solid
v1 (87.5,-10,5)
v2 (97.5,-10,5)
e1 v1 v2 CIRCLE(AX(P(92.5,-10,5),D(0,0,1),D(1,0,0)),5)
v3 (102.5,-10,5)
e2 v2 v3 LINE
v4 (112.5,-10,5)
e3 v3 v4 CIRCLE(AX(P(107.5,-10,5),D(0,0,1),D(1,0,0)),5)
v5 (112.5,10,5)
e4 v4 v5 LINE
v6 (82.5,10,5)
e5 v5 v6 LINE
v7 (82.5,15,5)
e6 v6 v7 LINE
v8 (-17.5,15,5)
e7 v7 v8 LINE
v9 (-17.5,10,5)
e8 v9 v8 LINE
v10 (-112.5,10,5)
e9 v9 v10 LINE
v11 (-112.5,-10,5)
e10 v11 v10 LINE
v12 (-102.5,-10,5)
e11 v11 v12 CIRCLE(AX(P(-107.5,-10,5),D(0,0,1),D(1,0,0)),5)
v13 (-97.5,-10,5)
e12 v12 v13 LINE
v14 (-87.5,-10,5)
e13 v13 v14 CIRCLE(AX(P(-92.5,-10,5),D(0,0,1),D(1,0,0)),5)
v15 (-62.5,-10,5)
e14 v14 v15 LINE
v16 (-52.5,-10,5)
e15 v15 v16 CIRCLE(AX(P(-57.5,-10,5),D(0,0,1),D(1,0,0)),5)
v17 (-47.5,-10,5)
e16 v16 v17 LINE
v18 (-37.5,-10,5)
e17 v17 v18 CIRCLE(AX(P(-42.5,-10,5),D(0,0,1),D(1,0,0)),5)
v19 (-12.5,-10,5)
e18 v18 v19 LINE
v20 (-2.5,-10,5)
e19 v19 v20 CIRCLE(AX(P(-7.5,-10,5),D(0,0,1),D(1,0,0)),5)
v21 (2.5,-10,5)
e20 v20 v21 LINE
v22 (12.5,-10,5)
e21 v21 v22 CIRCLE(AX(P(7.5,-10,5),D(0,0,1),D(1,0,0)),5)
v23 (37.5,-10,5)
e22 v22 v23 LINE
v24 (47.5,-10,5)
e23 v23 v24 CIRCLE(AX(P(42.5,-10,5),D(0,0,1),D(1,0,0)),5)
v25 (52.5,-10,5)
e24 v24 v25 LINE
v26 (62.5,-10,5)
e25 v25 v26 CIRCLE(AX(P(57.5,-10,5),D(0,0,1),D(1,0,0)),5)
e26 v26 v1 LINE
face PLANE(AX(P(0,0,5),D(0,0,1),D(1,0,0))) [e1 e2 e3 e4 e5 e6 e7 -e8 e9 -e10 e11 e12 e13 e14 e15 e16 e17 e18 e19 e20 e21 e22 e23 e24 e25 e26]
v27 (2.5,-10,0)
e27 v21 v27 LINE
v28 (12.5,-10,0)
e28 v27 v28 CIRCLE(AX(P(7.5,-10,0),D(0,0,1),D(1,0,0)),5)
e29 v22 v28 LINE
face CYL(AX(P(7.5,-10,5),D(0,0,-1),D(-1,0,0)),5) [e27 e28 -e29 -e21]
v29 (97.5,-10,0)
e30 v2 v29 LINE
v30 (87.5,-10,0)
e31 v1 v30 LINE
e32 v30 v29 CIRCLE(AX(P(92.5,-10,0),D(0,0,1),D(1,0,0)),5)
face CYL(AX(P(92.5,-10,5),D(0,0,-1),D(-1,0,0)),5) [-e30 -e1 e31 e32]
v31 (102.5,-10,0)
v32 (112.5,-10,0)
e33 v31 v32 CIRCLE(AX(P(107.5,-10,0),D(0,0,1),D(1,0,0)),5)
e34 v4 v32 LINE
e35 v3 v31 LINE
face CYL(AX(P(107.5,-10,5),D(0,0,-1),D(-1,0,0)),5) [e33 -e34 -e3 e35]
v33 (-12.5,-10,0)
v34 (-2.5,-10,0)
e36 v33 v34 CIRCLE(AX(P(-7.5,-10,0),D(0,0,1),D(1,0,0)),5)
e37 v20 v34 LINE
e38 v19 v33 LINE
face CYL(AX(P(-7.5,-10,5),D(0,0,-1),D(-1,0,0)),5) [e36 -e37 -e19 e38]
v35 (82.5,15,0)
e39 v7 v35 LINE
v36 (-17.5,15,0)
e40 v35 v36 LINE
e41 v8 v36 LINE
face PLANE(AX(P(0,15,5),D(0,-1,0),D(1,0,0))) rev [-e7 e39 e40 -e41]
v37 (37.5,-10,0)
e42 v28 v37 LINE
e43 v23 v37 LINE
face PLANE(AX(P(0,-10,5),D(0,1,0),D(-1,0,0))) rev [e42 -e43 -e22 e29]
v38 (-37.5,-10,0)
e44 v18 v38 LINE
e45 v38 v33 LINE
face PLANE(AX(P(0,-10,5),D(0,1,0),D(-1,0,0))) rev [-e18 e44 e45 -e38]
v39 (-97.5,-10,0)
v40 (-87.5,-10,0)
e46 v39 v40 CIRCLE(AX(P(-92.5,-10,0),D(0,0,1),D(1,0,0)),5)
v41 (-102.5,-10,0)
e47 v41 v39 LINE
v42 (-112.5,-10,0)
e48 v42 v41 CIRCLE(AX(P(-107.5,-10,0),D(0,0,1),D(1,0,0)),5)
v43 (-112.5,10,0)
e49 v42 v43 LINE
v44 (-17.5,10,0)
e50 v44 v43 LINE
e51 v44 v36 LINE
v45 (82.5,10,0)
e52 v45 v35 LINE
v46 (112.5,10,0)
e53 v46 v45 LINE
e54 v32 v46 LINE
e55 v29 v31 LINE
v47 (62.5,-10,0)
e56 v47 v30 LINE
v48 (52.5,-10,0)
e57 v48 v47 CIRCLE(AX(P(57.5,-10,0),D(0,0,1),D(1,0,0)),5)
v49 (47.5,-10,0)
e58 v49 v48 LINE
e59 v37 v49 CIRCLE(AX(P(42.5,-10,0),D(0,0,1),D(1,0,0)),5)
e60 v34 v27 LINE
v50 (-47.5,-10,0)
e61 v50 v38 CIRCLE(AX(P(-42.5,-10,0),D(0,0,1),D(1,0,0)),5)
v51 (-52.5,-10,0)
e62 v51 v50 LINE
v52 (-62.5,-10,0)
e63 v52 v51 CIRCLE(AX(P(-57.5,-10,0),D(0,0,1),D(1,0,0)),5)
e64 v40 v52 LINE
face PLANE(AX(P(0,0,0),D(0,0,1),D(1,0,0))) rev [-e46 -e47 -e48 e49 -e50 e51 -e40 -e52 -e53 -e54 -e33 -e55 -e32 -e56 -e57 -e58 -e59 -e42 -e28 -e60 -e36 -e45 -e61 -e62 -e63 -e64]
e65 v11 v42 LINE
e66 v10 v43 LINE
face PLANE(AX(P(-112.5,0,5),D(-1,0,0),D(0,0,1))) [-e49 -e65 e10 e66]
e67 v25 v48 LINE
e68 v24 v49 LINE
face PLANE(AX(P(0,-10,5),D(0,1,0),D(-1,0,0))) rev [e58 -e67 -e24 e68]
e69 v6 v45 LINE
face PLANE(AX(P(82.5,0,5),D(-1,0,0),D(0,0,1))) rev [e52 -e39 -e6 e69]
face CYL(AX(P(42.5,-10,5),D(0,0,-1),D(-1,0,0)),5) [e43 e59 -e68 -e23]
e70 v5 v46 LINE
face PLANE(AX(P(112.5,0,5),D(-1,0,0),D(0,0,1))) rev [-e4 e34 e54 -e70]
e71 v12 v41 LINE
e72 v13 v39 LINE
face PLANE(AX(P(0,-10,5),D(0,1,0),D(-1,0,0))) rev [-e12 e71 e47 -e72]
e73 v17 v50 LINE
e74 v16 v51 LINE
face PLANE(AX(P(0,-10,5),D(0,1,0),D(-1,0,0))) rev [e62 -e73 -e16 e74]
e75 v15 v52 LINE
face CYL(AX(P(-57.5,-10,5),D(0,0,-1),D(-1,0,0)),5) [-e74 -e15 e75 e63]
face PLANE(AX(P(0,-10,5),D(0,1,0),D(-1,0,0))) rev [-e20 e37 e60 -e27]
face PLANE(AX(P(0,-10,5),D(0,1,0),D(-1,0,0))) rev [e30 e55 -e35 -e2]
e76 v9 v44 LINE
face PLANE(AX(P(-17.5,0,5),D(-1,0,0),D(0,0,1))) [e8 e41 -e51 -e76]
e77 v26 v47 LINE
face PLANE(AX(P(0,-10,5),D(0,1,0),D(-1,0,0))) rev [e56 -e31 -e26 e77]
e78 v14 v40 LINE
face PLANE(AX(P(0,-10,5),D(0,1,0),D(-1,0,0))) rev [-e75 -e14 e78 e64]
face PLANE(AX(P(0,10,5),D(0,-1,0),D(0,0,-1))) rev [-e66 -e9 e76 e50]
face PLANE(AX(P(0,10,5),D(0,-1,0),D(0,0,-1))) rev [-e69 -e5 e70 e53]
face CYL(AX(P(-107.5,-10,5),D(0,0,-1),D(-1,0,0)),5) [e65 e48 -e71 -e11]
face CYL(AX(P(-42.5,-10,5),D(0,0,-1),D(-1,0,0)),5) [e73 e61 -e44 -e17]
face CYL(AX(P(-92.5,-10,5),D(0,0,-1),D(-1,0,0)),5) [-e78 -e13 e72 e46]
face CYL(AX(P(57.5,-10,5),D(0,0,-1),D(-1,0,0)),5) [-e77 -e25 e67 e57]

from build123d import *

# Parameters (mm, degrees)
SKIZZE1_W                       = 100
SKIZZE1_H                       = 5
AUFSATZ_LINEAR_AUSTRAGEN1_DEPTH = 5


with BuildPart() as part:
    # Skizze1 → Aufsatz-Linear austragen1 (new body)
    with BuildSketch(Plane.XY):
        with BuildLine():
            Line((97.5, -10), (102.5, -10))
            ThreePointArc((102.5, -10), (107.5, -15), (112.5, -10))
            Line((112.5, -10), (112.5, 10))
            Line((112.5, 10), (-112.5, 10))
            Line((-112.5, 10), (-112.5, -10))
            ThreePointArc((-112.5, -10), (-107.5, -15), (-102.5, -10))
            Line((-102.5, -10), (-97.5, -10))
            ThreePointArc((-97.5, -10), (-92.5, -15), (-87.5, -10))
            Line((-87.5, -10), (-52.5, -10))
            Line((-52.5, -10), (-47.5, -10))
            ThreePointArc((-47.5, -10), (-42.5, -15), (-37.5, -10))
            Line((-37.5, -10), (-12.5, -10))
            ThreePointArc((-12.5, -10), (-7.5, -15), (-2.5, -10))
            Line((-2.5, -10), (2.5, -10))
            ThreePointArc((2.5, -10), (7.5, -15), (12.5, -10))
            Line((12.5, -10), (37.5, -10))
            ThreePointArc((37.5, -10), (42.5, -15), (47.5, -10))
            Line((47.5, -10), (52.5, -10))
            ThreePointArc((52.5, -10), (57.5, -15), (62.5, -10))
            Line((62.5, -10), (87.5, -10))
            ThreePointArc((87.5, -10), (92.5, -15), (97.5, -10))
        make_face()
        with Locations((32.5, 12.5)):
            Rectangle(SKIZZE1_W, SKIZZE1_H)
        with BuildLine():
            Line((-52.5, -10), (-62.5, -10))
            ThreePointArc((-62.5, -10), (-57.5, -15), (-52.5, -10))
        make_face()
    extrude(amount=AUFSATZ_LINEAR_AUSTRAGEN1_DEPTH)


solid = part.part
